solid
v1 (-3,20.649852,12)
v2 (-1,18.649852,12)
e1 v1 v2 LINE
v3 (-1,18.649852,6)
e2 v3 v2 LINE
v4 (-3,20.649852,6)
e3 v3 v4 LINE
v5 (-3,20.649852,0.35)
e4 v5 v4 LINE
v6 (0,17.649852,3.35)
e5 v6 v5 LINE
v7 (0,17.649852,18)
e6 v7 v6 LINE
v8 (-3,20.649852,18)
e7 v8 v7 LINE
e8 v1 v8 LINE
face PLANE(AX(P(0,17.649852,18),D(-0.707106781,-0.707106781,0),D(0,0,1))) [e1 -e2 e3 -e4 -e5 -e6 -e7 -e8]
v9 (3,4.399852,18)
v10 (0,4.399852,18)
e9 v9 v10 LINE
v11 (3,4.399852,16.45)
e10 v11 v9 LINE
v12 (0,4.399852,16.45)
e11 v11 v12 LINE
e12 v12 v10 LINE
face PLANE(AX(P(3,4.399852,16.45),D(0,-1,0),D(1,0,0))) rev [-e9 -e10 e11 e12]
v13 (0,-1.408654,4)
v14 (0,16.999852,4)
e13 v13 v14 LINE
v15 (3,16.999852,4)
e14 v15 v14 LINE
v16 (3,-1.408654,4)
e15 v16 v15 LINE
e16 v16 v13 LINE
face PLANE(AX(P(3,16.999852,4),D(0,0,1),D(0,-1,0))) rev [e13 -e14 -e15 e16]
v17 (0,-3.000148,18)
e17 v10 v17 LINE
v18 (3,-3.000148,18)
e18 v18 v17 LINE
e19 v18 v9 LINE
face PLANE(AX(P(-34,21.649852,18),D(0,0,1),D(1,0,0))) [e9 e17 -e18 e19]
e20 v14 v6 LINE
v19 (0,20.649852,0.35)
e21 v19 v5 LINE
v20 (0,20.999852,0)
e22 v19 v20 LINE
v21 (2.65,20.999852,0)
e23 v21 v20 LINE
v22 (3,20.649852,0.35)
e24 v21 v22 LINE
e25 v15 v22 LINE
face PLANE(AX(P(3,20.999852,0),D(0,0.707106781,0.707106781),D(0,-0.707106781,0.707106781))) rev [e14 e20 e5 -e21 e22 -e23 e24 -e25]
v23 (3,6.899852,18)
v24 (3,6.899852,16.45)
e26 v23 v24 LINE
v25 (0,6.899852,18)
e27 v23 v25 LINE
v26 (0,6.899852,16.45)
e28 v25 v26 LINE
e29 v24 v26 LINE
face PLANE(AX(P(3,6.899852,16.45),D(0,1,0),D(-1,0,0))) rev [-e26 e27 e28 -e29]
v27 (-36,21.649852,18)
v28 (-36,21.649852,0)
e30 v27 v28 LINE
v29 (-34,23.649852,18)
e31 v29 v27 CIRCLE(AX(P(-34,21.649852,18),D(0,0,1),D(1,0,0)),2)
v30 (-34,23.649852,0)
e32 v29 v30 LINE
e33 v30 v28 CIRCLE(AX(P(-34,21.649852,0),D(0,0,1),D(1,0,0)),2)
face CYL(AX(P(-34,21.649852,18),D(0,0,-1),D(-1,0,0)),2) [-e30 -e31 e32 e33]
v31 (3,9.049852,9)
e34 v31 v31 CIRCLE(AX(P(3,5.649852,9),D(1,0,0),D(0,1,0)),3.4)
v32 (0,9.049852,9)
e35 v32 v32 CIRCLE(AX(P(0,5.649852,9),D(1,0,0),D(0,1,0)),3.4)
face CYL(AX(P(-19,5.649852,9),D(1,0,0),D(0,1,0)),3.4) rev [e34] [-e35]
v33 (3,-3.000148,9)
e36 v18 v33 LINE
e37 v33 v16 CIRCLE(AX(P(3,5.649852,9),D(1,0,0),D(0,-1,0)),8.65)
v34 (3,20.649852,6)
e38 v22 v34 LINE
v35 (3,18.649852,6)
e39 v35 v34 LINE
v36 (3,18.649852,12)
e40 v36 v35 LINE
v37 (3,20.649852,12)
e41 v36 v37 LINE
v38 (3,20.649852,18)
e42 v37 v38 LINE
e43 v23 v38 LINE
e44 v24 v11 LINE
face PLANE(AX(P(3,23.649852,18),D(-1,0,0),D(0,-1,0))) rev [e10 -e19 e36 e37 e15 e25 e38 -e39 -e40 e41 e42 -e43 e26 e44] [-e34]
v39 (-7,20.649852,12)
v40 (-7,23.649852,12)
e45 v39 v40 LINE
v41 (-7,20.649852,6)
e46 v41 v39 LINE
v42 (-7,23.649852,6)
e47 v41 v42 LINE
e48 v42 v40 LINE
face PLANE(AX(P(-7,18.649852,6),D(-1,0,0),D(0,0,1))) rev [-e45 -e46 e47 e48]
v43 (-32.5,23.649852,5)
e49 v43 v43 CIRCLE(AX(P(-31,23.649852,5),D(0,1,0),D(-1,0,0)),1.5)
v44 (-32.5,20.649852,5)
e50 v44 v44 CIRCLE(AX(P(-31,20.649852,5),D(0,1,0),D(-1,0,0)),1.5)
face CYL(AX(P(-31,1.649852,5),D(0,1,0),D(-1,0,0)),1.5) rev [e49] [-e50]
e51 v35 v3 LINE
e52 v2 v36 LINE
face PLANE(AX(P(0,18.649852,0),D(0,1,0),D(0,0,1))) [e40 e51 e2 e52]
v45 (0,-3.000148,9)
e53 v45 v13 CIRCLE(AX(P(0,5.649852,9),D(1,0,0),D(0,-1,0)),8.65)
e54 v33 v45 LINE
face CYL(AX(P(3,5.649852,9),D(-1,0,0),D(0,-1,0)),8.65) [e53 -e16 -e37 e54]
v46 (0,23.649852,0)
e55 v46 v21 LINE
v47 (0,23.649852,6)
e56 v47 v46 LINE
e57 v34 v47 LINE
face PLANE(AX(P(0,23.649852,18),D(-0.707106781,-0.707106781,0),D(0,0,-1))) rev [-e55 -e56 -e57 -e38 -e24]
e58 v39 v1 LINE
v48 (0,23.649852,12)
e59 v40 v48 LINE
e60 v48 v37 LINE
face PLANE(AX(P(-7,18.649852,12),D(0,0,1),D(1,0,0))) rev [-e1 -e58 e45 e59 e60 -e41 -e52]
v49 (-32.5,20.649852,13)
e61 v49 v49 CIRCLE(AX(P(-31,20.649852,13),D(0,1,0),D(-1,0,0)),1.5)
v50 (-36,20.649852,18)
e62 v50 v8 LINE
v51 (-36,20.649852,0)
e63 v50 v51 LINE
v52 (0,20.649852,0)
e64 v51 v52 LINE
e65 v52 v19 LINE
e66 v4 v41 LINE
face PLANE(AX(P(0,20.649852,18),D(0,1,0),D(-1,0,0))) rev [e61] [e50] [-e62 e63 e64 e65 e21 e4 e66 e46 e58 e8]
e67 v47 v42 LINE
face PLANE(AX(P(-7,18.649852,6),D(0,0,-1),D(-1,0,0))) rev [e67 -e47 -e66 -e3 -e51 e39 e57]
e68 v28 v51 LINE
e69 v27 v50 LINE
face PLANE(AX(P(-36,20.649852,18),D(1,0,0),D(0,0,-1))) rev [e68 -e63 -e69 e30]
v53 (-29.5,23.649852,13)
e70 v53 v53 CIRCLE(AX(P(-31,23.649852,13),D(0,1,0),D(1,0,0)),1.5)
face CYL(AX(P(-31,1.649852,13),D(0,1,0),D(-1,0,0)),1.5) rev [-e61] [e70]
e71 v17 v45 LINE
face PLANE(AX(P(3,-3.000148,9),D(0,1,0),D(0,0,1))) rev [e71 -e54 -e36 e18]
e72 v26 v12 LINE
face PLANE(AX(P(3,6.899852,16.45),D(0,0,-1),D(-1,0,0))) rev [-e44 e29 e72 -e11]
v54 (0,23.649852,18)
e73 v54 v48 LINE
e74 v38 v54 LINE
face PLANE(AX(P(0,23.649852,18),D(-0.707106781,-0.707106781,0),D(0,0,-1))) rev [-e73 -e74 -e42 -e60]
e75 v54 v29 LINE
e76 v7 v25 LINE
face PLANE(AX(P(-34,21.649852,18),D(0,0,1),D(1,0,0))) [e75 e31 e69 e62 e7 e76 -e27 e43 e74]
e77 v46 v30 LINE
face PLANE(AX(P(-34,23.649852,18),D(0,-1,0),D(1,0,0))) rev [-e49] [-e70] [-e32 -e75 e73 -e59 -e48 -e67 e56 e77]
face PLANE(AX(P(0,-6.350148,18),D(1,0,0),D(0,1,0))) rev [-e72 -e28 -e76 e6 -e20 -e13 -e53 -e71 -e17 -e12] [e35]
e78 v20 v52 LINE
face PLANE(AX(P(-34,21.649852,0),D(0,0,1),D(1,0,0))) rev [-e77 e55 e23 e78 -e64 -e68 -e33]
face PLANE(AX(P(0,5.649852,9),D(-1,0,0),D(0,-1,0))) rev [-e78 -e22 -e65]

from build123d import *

# Parameters (mm, degrees)
SALIENTE_EXTRUIR1_DEPTH = 18
CROQUIS2_R              = 3.4
CORTAR_EXTRUIR1_DEPTH   = 22
CROQUIS3_R              = 1.5
CORTAR_EXTRUIR2_DEPTH   = 22
CROQUIS4_W              = 1.55
CROQUIS4_H              = 2.5
CORTAR_EXTRUIR3_DEPTH   = 47.683139164
CHAFL_N1_SIZE           = 3
CROQUIS5_W              = 10
CROQUIS5_H              = 6
CORTAR_EXTRUIR4_DEPTH   = 5


with BuildPart() as part:
    # Croquis1 → Saliente-Extruir1 (new body)
    with BuildSketch(Plane.XY):
        with BuildLine():
            Line((0, -6.350148368), (0, 20.649851632))
            Line((0, 20.649851632), (-36, 20.649851632))
            Line((-36, 20.649851632), (-36, 21.649851632))
            ThreePointArc((-36, 21.649851632), (-35.414213562, 23.064065194), (-34, 23.649851632))
            Line((-34, 23.649851632), (3, 23.649851632))
            Line((3, 23.649851632), (3, -6.350148368))
            Line((3, -6.350148368), (0, -6.350148368))
        make_face()
    extrude(amount=SALIENTE_EXTRUIR1_DEPTH)

    # Croquis2 → Cortar-Extruir1 (cut)
    with BuildSketch(Plane(origin=(3, 0, 0), x_dir=(0, 0, -1), z_dir=(1, 0, 0))):
        with Locations(Location((-9, 5.649851632, 0), (0, 0, 90))):
            Circle(CROQUIS2_R)
    extrude(amount=-CORTAR_EXTRUIR1_DEPTH, mode=Mode.SUBTRACT)

    # Croquis3 → Cortar-Extruir2 (cut)
    with BuildSketch(Plane(origin=(0, 23.649851632, 0), x_dir=(1, 0, 0), z_dir=(0, 1, 0))):
        with Locations(Location((-31, -5, 0), (0, 0, 180))):
            Circle(CROQUIS3_R)
        with Locations(Location((-31, -13, 0), (0, 0, 180))):
            Circle(CROQUIS3_R)
    extrude(amount=-CORTAR_EXTRUIR2_DEPTH, mode=Mode.SUBTRACT)

    # Croquis4 → Cortar-Extruir3 (cut, through all)
    with BuildSketch(Plane.ZY):
        with BuildLine():
            Line((0, 20.999851632), (4, 16.999851632))
            Line((4, 16.999851632), (4, -1.408653875))
            ThreePointArc((4, -1.408653875), (6.37641206, -2.59267749), (9, -3.000148368))
            Line((9, -3.000148368), (18, -3.000148368))
            Line((18, -3.000148368), (18, -6.350148368))
            Line((18, -6.350148368), (0, -6.350148368))
            Line((0, -6.350148368), (0, 20.999851632))
        make_face()
        with Locations((17.225, 5.649851632)):
            Rectangle(CROQUIS4_W, CROQUIS4_H)
    extrude(amount=-CORTAR_EXTRUIR3_DEPTH, mode=Mode.SUBTRACT)

    # Chaflán1
    chafl_n1_edges = [part.edges().sort_by_distance(p)[0] for p in [
        (3, 23.649851632, 9),
        (0, 20.649851632, 9.175),
    ]]
    chamfer(chafl_n1_edges, length=CHAFL_N1_SIZE)

    # Croquis5 → Cortar-Extruir4 (cut)
    with BuildSketch(Plane(origin=(0, 23.649851632, 0), x_dir=(1, 0, 0), z_dir=(0, 1, 0))):
        with Locations((-2, -9)):
            Rectangle(CROQUIS5_W, CROQUIS5_H)
    extrude(amount=-CORTAR_EXTRUIR4_DEPTH, mode=Mode.SUBTRACT)


solid = part.part
